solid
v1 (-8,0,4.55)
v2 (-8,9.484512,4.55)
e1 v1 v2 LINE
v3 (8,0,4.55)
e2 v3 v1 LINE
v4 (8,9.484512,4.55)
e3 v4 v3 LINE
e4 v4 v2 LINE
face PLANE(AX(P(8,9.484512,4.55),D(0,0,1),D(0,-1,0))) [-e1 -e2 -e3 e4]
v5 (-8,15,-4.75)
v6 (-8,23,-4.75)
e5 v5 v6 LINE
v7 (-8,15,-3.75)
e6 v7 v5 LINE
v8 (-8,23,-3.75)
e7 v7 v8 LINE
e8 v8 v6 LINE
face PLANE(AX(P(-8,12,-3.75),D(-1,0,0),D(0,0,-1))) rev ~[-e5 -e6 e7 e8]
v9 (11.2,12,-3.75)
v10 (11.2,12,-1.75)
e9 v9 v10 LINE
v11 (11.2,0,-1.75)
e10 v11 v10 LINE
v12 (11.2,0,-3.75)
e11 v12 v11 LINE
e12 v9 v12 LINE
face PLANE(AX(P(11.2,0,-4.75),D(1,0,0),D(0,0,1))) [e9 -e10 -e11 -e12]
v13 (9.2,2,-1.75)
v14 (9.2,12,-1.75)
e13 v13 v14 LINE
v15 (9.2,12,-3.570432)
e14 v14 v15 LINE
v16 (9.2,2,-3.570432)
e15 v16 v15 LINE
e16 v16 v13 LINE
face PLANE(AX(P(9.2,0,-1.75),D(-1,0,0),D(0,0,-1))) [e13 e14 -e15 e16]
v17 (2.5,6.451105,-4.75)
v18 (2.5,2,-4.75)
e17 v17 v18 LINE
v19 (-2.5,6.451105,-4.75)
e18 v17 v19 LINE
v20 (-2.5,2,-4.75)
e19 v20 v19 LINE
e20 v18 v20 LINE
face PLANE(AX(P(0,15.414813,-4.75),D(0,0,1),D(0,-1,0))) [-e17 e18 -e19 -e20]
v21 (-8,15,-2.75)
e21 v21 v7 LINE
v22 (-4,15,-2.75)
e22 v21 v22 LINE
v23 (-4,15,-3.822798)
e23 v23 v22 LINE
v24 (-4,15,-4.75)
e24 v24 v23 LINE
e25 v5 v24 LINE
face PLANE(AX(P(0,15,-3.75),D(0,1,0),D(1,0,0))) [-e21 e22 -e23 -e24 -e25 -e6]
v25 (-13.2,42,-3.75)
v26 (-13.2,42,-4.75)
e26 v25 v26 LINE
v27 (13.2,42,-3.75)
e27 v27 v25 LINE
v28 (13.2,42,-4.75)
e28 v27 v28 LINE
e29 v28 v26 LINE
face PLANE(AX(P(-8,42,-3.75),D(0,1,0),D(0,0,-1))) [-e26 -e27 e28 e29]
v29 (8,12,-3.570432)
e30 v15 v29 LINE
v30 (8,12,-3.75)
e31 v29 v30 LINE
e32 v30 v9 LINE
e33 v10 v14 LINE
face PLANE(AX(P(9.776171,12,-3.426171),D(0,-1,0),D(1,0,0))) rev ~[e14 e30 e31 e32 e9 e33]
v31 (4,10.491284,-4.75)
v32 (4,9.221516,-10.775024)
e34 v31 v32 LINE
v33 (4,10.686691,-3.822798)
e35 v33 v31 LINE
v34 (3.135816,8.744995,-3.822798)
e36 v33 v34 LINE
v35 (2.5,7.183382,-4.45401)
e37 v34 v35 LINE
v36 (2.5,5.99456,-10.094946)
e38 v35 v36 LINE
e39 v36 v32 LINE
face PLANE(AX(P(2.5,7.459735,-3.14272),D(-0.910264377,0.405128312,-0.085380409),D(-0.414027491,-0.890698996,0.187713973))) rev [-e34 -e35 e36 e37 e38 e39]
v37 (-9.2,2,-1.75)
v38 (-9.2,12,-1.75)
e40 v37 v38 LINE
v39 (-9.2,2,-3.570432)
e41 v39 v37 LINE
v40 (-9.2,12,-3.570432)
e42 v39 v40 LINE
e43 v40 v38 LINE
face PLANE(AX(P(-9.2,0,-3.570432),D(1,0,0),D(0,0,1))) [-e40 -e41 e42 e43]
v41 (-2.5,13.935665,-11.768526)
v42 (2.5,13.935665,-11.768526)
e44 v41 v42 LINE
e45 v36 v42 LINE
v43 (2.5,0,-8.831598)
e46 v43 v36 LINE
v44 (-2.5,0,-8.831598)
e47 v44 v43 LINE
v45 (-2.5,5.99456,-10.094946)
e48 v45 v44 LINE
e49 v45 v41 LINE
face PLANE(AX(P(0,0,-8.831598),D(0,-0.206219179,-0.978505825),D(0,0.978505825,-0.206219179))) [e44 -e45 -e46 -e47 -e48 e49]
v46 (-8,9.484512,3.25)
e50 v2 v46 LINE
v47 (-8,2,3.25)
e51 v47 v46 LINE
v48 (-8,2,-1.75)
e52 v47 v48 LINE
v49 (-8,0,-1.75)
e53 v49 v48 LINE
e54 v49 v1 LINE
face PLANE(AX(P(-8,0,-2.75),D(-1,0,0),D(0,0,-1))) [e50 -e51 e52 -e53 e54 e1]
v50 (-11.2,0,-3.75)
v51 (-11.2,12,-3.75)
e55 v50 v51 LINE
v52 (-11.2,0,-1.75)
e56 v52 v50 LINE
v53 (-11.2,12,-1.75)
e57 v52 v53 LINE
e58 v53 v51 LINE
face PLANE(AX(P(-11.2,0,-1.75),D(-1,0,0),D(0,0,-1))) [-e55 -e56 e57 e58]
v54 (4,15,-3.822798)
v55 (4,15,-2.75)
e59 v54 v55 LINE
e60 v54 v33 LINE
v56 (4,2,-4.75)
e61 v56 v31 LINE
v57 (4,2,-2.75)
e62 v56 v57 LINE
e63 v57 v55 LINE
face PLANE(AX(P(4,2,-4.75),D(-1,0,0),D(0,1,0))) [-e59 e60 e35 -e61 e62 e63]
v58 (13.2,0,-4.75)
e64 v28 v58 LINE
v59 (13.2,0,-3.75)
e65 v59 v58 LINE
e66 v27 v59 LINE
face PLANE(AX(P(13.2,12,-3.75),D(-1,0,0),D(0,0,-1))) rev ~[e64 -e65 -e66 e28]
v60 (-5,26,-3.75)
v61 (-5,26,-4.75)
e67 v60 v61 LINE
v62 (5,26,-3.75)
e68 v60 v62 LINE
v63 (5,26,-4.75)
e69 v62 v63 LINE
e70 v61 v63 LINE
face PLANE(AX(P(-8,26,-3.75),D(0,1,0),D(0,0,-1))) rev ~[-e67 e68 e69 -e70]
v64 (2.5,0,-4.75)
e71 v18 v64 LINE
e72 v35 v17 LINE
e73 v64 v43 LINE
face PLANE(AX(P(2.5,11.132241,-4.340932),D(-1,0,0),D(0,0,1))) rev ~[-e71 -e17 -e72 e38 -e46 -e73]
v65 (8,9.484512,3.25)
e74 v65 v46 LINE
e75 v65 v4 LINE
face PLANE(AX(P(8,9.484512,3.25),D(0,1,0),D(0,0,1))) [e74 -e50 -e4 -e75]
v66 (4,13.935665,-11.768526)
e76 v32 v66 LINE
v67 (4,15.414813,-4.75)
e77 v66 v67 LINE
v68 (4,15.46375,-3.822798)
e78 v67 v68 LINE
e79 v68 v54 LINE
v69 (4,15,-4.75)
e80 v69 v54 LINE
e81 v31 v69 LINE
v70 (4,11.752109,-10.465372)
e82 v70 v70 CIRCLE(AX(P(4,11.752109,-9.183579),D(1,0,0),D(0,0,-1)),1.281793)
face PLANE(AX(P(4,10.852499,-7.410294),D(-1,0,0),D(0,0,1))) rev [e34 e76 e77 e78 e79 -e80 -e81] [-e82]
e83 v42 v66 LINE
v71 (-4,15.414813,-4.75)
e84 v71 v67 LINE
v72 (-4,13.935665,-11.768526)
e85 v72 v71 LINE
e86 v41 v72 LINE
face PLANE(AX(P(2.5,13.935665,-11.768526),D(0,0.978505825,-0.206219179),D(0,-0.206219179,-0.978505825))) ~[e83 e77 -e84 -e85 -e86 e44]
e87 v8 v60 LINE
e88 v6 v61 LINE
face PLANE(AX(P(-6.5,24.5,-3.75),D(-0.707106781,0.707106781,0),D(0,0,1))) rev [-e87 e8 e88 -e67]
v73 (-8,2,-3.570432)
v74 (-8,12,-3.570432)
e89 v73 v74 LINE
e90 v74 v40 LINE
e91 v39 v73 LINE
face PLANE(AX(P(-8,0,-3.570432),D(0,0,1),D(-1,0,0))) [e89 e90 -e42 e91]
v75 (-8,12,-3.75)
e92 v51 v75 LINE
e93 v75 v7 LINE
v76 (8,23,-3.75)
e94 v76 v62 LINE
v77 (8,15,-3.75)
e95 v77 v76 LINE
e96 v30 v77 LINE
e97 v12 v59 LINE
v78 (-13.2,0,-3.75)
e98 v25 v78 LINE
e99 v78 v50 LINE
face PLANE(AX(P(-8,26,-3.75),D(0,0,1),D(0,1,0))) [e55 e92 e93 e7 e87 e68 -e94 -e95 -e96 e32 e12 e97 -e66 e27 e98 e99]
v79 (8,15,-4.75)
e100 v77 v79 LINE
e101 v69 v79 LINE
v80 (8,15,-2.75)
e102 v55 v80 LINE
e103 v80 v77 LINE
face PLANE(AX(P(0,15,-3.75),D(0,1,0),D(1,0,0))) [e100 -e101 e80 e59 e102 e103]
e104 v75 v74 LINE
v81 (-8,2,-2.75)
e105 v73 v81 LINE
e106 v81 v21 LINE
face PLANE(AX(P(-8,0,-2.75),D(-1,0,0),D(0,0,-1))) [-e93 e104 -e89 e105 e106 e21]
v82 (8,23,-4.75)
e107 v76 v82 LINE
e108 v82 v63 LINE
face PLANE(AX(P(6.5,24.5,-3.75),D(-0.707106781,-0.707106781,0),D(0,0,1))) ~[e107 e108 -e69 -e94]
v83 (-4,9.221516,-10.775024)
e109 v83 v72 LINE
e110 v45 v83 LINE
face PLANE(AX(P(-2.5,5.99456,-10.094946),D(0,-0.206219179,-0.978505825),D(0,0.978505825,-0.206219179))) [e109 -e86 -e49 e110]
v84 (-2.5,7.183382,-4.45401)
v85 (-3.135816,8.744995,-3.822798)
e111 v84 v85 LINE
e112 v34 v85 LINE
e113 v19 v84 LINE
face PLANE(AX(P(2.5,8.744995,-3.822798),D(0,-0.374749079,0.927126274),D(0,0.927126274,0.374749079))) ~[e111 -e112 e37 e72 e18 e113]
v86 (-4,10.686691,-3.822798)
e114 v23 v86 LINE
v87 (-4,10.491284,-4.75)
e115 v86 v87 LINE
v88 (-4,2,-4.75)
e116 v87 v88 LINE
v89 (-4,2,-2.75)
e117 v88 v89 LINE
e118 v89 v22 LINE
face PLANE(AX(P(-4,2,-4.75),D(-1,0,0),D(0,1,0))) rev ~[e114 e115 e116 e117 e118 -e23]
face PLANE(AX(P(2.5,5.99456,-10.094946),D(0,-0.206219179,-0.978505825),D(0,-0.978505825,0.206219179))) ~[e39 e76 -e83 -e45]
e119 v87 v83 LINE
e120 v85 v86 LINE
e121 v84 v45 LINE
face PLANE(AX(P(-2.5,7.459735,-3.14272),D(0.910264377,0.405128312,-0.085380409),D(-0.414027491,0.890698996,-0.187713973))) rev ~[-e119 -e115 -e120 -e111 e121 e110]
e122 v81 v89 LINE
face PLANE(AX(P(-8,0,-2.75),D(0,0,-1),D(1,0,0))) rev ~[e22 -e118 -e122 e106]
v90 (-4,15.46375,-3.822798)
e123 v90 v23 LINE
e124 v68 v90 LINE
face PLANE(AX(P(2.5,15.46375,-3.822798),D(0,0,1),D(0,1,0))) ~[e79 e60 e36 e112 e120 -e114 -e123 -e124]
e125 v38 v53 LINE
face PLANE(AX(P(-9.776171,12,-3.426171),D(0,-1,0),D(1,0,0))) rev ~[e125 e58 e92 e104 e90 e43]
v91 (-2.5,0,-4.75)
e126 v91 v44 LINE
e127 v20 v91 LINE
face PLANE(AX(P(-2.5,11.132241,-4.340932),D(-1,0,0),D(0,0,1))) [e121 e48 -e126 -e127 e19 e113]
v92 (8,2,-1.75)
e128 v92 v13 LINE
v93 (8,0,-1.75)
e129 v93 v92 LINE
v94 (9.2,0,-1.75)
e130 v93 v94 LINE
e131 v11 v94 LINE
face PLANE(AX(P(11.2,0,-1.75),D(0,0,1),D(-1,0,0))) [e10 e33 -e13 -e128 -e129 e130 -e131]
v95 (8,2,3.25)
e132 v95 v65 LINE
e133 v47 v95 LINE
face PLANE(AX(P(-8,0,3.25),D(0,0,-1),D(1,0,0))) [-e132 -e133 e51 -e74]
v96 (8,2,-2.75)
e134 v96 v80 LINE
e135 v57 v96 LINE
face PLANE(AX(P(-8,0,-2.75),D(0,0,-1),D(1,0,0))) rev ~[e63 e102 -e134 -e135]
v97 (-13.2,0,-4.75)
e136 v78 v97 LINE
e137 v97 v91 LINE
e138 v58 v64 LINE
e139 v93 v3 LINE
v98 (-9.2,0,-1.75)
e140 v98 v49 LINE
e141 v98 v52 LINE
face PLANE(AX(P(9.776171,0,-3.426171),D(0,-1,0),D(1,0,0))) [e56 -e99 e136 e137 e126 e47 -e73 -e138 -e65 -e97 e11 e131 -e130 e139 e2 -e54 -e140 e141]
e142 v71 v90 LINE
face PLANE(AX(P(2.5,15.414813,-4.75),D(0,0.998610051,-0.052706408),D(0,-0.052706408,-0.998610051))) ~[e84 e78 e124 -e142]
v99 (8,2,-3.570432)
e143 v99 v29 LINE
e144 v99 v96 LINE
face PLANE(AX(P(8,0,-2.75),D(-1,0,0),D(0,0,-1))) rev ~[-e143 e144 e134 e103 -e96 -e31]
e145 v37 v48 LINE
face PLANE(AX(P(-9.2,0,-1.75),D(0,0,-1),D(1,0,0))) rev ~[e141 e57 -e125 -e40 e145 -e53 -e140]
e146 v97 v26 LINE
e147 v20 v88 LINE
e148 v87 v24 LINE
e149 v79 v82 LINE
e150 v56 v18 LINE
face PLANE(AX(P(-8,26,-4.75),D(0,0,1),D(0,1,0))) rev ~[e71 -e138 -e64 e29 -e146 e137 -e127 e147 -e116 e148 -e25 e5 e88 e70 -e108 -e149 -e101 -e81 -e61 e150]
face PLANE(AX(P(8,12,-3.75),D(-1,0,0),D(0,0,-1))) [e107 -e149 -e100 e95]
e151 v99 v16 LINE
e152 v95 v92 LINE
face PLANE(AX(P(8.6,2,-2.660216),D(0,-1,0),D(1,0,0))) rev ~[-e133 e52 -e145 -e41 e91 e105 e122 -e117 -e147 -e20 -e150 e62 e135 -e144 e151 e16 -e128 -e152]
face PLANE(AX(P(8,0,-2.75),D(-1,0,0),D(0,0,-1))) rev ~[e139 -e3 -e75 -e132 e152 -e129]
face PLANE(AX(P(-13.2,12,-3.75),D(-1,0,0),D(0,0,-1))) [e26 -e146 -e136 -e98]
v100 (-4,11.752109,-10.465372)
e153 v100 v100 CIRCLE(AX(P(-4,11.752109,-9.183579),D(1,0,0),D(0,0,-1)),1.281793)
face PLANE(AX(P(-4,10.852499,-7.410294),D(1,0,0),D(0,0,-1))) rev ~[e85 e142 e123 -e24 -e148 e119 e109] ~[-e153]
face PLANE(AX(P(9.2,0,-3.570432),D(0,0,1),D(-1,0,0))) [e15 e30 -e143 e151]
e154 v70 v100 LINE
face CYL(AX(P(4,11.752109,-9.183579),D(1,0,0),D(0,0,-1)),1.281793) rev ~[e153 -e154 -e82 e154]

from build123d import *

# Parameters (mm, degrees)
SKETCH_1_W          = 16
SKETCH_1_H          = 6
EXTRUDE_1_DEPTH     = 2
SKETCH_1_3_W        = 16
SKETCH_1_3_H        = 2
SKETCH_1_3_H_2      = 1.5
EXTRUDE_2_DEPTH     = 15
SKETCH_2_W          = 8
SKETCH_2_H          = 26
CUT_EXTRUDE_1_DEPTH = 2
EXTRUDE_3_DEPTH     = 2.5
EXTRUDE_4_DEPTH     = 5
EXTRUDE_5_DEPTH     = 1.5
SKETCH_9_W          = 1.2
SKETCH_9_H          = 1.820432063
EXTRUDE_6_DEPTH     = 2
EXTRUDE_7_DEPTH     = 12
CUT_EXTRUDE_START   = -7.10494
CUT_EXTRUDE_2_DEPTH = 7.10494
SKETCH_12_R         = 1.281793471
CUT_EXTRUDE_3_DEPTH = 10
CUT_EXTRUDE_4_DEPTH = 20.2
SKETCH_14_W         = 5.2
SKETCH_14_H         = 1
EXTRUDE_8_DEPTH     = 30
SKETCH_14_2_W       = 5.2
SKETCH_14_2_H       = 1
EXTRUDE_9_DEPTH     = 12
SKETCH_15_W         = 1
SKETCH_15_H         = 16
EXTRUDE_10_DEPTH    = 16
CHAMFER_1_SIZE      = 3


with BuildPart() as part:
    # 草图1 → 凸台-拉伸1 (new body)
    with BuildSketch(Plane(origin=(0, 0, 0), x_dir=(1, 0, 0), z_dir=(0, 1, 0))):
        with Locations((0, -0.25)):
            Rectangle(SKETCH_1_W, SKETCH_1_H)
    extrude(amount=EXTRUDE_1_DEPTH)

    # 草图1<3> → 凸台-拉伸2 (add)
    with BuildSketch(Plane(origin=(0, 0, 0), x_dir=(1, 0, 0), z_dir=(0, 1, 0))):
        with Locations((0, 3.75)):
            Rectangle(SKETCH_1_3_W, SKETCH_1_3_H)
        with Locations((0, -4)):
            Rectangle(SKETCH_1_3_W, SKETCH_1_3_H_2)
    extrude(amount=EXTRUDE_2_DEPTH)

    # 草图2 → 切除-拉伸1 (cut)
    with BuildSketch(Plane(origin=(0, 0, -4.75), x_dir=(-1, 0, 0), z_dir=(0, 0, -1))):
        with Locations((0, 15)):
            Rectangle(SKETCH_2_W, SKETCH_2_H)
    extrude(amount=-CUT_EXTRUDE_1_DEPTH, mode=Mode.SUBTRACT)

    # 草图3 → 凸台-拉伸3 (add, symmetric)
    with BuildSketch(Plane(origin=(0, 0, 0), x_dir=(0, 0, -1), z_dir=(1, 0, 0))):
        Polygon((4.75, 0), (8.831597644, 0), (11.768525918, 13.935665169), (4.75, 15.414812878), align=None)
    extrude(amount=EXTRUDE_3_DEPTH, both=True)

    # 草图5 → 凸台-拉伸4 (add)
    with BuildSketch(Plane(origin=(2.5, 0, 0), x_dir=(0, 0, -1), z_dir=(1, 0, 0))):
        Polygon((4.75, 6.451105389), (3.822798244, 8.744995241), (3.822798244, 15.463750373), (4.75, 15.414812878), align=None)
    extrude(amount=-EXTRUDE_4_DEPTH)

    # 草图6 → 凸台-拉伸5 (add)
    with BuildSketch(Plane.ZY.offset(2.5)):
        Polygon((-4.75, 6.451105389), (-10.094945569, 5.994560313), (-11.768525918, 13.935665169), (-4.75, 15.414812878), (-3.822798244, 15.463750373), (-3.822798244, 8.744995241), align=None)
    extrude_5 = extrude(amount=EXTRUDE_5_DEPTH)

    # 草图9 → 凸台-拉伸6 (add)
    with BuildSketch(Plane.XZ):
        with Locations((8.6, -2.660216032)):
            Rectangle(SKETCH_9_W, SKETCH_9_H)
        with Locations((-8.6, -2.660216032)):
            Rectangle(SKETCH_9_W, SKETCH_9_H)
    extrude(amount=-EXTRUDE_6_DEPTH)

    # 草图9<3> → 凸台-拉伸7 (add)
    with BuildSketch(Plane.XZ):
        Polygon((8, -3.570432063), (8, -4.75), (11.2, -4.75), (11.2, -1.75), (9.2, -1.75), (9.2, -3.570432063), align=None)
        Polygon((-8, -4.75), (-8, -3.570432063), (-9.2, -3.570432063), (-9.2, -1.75), (-11.2, -1.75), (-11.2, -4.75), align=None)
    extrude(amount=-EXTRUDE_7_DEPTH)

    # 草图11 → 切除-拉伸2 (cut)
    with BuildSketch(Plane(origin=(0, -1.782098659, -8.456022034), x_dir=(-1, 0, 0), z_dir=(0, -0.206219179, -0.978505825)).offset(CUT_EXTRUDE_START)):
        Polygon((2.5, 7.947483572), (4, 11.245323919), (4, 7.947483572), (4, 5.815044055), (2.5, 5.815044055), align=None)
    cut_extrude_2 = extrude(amount=CUT_EXTRUDE_2_DEPTH, mode=Mode.SUBTRACT)

    # 镜向1: 凸台-拉伸5, 切除-拉伸2 across plane
    add(extrude_5.mirror(Plane(origin=(0, 0, 0), x_dir=(0, 0, 1), z_dir=(1, 0, 0))))
    add(cut_extrude_2.mirror(Plane(origin=(0, 0, 0), x_dir=(0, 0, 1), z_dir=(1, 0, 0))), mode=Mode.SUBTRACT)

    # 草图12 → 切除-拉伸3 (cut)
    with BuildSketch(Plane(origin=(4, 0, 0), x_dir=(0, 0, -1), z_dir=(1, 0, 0))):
        with Locations((9.183579002, 11.7521089)):
            Circle(SKETCH_12_R)
    extrude(amount=-CUT_EXTRUDE_3_DEPTH, mode=Mode.SUBTRACT)

    # 草图13 → 切除-拉伸4 (cut, through all)
    with BuildSketch(Plane(origin=(8, 0, 0), x_dir=(0, 0, -1), z_dir=(1, 0, 0))):
        Polygon((-3.25, 9.484512334), (-4.55, 9.484512334), (-4.55, 0), (-4.75, 0), (-4.75, 15), (-3.25, 15), align=None)
    extrude(amount=-CUT_EXTRUDE_4_DEPTH, mode=Mode.SUBTRACT)

    # 草图14 → 凸台-拉伸8 (add)
    with BuildSketch(Plane(origin=(0, 12, 0), x_dir=(1, 0, 0), z_dir=(0, 1, 0))):
        with Locations((10.6, 4.25)):
            Rectangle(SKETCH_14_W, SKETCH_14_H)
        with Locations((-10.6, 4.25)):
            Rectangle(SKETCH_14_W, SKETCH_14_H)
    extrude(amount=EXTRUDE_8_DEPTH)

    # 草图14<2> → 凸台-拉伸9 (add)
    with BuildSketch(Plane(origin=(0, 12, 0), x_dir=(1, 0, 0), z_dir=(0, 1, 0))):
        with Locations((10.6, 4.25)):
            Rectangle(SKETCH_14_2_W, SKETCH_14_2_H)
        with Locations((-10.6, 4.25)):
            Rectangle(SKETCH_14_2_W, SKETCH_14_2_H)
    extrude(amount=-EXTRUDE_9_DEPTH)

    # 草图15 → 凸台-拉伸10 (add)
    with BuildSketch(Plane(origin=(-8, 0, 0), x_dir=(0, 0, -1), z_dir=(1, 0, 0))):
        with Locations((4.25, 34)):
            Rectangle(SKETCH_15_W, SKETCH_15_H)
    extrude(amount=EXTRUDE_10_DEPTH)

    # 倒角1
    chamfer_1_edges = [part.edges().sort_by_distance(p)[0] for p in [
        (-8, 26, -4.25),
        (8, 26, -4.25),
    ]]
    chamfer(chamfer_1_edges, length=CHAMFER_1_SIZE)


solid = part.part
